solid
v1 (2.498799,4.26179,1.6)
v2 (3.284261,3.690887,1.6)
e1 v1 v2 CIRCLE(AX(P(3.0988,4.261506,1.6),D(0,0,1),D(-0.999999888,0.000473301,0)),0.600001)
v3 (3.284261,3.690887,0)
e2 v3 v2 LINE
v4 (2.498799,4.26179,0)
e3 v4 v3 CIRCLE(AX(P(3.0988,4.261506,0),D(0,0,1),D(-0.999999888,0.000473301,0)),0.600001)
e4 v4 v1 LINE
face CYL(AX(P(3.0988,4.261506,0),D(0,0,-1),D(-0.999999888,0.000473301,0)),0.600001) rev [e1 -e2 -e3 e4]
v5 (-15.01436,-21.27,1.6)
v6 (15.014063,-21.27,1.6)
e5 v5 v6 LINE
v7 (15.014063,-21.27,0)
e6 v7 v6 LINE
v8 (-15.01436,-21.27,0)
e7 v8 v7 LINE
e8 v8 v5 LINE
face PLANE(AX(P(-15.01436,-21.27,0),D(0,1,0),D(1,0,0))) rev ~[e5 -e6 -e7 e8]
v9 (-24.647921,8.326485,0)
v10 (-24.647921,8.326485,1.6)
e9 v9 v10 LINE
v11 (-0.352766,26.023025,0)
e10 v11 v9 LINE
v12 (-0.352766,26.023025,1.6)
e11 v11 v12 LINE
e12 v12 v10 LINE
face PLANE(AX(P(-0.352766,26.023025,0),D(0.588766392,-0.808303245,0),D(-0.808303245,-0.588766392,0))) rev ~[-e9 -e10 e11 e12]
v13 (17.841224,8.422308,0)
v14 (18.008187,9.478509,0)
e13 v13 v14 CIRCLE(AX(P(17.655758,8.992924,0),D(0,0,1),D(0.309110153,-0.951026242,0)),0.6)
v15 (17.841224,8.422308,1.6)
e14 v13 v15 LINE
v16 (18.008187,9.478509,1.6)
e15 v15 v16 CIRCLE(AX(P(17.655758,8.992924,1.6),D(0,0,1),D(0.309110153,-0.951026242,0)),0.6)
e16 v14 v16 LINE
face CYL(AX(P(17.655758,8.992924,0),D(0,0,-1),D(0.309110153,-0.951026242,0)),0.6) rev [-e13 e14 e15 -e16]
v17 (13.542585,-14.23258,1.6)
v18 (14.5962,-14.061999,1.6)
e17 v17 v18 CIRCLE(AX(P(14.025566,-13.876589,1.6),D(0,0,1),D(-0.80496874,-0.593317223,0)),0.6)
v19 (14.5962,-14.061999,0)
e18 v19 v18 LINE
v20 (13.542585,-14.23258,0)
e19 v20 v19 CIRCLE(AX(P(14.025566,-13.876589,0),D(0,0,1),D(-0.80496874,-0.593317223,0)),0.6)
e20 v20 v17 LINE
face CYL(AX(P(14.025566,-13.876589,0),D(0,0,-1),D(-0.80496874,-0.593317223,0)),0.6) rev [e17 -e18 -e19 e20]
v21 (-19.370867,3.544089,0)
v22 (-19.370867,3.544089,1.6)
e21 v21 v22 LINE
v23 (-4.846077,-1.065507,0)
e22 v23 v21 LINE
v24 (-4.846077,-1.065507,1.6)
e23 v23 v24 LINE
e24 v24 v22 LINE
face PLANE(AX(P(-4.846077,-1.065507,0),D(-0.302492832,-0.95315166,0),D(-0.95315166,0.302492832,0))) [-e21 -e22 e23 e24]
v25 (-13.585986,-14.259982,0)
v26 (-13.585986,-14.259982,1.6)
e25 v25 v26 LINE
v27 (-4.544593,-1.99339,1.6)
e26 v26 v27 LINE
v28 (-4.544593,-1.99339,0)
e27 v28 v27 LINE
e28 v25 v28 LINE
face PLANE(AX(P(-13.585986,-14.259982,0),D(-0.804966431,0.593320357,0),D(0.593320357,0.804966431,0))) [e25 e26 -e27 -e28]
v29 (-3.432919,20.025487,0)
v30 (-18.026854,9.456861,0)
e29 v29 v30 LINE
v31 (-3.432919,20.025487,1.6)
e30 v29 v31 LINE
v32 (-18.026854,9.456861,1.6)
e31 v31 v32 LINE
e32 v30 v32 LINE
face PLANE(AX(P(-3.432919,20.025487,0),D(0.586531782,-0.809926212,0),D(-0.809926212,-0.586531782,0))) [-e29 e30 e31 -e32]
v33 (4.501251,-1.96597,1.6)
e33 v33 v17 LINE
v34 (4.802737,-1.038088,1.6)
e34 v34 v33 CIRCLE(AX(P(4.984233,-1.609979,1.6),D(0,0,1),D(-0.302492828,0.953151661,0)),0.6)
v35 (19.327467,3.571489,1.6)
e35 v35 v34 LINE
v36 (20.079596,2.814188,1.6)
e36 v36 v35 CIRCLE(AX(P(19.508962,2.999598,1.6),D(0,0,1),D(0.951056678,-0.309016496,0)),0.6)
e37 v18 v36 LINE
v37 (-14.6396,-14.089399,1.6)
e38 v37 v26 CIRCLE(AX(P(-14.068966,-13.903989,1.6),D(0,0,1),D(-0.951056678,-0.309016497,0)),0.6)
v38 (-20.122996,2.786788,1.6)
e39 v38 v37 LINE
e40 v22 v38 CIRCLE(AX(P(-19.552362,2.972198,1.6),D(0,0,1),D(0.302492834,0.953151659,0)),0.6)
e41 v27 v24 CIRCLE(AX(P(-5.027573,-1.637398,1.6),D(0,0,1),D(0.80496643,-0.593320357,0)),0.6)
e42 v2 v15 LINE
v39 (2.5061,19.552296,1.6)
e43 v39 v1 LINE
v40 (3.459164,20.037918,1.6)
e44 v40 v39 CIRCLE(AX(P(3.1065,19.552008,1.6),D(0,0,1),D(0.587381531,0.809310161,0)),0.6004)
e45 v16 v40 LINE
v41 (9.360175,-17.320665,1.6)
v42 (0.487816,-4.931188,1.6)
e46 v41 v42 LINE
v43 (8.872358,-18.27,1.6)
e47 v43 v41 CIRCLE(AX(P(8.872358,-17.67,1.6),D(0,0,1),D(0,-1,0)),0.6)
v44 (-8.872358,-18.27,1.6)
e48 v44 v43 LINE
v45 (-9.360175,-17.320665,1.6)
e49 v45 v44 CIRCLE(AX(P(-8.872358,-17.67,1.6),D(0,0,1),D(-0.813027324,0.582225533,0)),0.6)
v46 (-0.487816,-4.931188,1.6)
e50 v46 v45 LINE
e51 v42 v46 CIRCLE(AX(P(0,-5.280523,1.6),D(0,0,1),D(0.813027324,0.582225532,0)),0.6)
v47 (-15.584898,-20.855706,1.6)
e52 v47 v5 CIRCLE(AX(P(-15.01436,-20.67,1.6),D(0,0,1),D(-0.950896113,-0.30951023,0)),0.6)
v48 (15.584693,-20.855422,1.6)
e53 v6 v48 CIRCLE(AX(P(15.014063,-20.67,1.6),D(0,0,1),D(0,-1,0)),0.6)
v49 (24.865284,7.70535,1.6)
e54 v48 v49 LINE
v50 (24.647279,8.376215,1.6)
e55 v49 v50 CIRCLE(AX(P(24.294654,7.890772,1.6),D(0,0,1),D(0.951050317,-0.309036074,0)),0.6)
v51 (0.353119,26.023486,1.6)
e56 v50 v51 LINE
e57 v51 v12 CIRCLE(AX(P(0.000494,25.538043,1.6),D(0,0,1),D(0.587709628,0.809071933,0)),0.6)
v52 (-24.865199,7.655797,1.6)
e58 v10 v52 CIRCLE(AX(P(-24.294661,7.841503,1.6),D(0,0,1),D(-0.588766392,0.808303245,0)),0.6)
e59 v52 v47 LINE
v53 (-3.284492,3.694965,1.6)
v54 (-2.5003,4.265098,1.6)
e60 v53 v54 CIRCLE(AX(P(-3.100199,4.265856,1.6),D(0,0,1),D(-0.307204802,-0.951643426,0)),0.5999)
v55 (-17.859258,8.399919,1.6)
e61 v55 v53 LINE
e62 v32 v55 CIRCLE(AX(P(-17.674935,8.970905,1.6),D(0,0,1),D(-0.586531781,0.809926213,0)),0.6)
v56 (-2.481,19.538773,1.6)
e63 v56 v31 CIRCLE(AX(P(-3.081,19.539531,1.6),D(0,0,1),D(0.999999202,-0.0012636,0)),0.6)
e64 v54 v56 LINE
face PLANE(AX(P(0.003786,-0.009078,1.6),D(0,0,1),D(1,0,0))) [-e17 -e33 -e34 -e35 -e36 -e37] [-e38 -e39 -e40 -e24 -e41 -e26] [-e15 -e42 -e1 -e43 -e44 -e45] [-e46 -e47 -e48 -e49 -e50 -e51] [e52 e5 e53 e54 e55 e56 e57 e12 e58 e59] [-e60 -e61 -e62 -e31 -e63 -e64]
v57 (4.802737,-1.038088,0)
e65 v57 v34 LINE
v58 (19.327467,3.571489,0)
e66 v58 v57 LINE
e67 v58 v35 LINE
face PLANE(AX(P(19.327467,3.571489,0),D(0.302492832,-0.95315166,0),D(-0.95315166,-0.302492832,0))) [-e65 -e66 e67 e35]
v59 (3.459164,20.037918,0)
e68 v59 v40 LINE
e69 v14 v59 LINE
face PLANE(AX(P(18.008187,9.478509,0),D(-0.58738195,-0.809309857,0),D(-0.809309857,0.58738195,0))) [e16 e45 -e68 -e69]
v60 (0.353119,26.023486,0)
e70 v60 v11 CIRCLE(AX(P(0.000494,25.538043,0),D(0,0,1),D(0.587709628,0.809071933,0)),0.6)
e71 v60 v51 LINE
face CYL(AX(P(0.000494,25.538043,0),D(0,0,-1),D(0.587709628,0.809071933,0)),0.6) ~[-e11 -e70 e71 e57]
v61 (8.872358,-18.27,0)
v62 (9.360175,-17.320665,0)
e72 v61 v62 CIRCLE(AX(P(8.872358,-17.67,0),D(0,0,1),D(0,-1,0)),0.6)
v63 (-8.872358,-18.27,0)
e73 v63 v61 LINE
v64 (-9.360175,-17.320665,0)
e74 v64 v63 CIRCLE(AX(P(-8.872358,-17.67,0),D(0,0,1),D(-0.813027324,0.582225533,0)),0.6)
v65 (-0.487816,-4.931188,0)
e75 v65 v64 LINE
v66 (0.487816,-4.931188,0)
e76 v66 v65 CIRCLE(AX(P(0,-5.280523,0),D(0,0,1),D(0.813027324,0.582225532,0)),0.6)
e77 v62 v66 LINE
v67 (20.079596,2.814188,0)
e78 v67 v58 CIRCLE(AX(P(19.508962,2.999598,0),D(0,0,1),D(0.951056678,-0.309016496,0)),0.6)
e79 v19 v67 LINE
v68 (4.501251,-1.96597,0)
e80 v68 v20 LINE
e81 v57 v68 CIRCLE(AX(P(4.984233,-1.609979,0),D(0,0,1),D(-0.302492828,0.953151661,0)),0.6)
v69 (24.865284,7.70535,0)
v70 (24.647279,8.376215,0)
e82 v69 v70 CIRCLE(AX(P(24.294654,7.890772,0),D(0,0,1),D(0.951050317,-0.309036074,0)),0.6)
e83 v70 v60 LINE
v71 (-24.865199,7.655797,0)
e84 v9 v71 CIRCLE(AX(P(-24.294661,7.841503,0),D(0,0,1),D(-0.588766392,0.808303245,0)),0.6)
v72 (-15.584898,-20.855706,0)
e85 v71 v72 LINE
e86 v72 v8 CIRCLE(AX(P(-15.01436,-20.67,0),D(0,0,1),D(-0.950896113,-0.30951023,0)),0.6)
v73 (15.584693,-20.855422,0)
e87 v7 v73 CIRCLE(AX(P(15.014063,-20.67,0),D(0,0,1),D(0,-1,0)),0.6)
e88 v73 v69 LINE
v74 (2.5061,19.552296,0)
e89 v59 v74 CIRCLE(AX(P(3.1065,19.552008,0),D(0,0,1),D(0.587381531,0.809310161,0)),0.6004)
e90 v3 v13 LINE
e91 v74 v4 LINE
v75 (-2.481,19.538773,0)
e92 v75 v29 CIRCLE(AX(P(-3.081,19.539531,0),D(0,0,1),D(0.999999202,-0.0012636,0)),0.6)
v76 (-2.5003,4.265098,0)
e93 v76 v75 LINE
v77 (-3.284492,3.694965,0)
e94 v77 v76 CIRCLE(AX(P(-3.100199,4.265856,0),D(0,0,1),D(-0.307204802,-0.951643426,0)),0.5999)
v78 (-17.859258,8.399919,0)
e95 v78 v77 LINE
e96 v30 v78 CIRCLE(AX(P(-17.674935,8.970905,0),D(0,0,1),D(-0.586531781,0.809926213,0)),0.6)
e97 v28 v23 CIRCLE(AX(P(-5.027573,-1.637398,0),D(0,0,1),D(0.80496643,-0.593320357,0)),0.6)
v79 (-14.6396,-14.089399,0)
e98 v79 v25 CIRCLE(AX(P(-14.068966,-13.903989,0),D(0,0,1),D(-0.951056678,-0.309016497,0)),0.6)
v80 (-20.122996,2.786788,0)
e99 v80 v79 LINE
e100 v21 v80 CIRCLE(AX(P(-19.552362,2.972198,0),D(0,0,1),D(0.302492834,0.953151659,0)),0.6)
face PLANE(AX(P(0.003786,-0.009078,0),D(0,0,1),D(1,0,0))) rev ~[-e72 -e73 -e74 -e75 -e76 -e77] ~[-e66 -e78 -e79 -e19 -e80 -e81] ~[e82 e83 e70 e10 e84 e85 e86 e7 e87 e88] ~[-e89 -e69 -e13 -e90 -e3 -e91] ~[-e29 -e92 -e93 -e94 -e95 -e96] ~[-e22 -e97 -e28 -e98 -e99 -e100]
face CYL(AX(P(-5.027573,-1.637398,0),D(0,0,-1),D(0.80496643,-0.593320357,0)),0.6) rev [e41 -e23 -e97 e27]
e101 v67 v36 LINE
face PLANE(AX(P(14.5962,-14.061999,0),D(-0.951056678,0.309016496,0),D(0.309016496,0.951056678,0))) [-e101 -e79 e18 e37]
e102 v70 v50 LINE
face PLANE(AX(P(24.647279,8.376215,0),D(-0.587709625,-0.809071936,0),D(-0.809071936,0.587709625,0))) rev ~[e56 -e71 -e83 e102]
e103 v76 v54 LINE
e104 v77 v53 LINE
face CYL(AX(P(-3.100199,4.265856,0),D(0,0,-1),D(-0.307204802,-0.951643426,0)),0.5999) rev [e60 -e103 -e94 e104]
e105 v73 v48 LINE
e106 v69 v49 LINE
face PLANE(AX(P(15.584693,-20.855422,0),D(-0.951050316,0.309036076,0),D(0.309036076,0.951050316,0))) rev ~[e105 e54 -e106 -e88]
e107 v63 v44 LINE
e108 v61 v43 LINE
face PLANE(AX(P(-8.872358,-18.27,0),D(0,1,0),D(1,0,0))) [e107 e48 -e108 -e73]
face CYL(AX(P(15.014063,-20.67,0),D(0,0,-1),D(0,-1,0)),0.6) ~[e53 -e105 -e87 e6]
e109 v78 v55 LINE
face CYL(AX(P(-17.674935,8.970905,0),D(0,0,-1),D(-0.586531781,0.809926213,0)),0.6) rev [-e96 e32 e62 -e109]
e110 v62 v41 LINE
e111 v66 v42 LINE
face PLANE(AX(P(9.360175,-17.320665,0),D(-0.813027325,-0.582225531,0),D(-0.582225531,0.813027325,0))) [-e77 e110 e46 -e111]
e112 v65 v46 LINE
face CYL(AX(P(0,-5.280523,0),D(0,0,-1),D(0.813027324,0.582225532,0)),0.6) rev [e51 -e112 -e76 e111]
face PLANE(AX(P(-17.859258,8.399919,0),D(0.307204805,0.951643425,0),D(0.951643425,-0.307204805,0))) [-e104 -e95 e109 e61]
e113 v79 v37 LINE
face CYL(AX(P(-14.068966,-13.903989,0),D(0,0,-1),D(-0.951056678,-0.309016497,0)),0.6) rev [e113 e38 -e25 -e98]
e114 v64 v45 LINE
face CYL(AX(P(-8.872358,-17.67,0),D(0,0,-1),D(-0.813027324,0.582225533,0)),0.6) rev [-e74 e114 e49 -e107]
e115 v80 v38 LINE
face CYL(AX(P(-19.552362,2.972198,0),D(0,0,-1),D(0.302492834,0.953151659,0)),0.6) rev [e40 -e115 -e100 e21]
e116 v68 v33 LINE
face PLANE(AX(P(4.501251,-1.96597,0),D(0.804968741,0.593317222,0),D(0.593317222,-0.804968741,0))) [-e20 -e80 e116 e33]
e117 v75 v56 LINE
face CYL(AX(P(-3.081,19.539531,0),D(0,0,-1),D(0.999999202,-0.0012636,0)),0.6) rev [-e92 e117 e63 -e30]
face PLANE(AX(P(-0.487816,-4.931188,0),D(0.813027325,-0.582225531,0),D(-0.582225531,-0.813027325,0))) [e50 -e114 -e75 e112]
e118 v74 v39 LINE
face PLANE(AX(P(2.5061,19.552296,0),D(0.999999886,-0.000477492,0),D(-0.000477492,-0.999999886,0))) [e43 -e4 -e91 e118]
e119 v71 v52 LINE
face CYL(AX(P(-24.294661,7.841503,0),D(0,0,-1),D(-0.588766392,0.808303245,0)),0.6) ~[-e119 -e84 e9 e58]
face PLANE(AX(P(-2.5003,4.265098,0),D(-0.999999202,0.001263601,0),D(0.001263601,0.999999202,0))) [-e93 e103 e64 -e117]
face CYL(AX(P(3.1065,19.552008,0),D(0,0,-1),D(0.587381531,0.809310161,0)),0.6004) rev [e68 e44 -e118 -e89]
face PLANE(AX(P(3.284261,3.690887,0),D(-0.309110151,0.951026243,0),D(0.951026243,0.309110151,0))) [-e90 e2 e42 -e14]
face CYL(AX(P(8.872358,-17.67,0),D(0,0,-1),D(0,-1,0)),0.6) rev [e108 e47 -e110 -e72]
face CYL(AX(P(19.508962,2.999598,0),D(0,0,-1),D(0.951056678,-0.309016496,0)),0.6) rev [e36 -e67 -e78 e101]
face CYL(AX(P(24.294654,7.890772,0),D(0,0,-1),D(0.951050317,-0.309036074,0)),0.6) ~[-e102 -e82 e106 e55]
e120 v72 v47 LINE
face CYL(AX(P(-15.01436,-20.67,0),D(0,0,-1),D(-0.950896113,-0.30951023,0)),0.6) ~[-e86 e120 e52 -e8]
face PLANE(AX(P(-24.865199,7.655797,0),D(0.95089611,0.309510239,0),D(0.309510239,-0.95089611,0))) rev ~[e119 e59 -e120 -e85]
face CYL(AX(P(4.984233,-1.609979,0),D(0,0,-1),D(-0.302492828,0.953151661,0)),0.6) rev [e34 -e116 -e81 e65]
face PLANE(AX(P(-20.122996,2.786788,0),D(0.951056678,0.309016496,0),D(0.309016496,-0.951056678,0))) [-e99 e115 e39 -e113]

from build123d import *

# Parameters (mm, degrees)
PCB_THICKNESS_DEPTH = 1.6


with BuildPart() as part:
    # Model → PCB Thickness (new body)
    with BuildSketch(Plane.XY):
        with BuildLine():
            ThreePointArc((-24.647921054, 8.326484664), (-24.865455476, 8.026418687), (-24.865198885, 7.655796575))
            Line((-24.865198885, 7.655796575), (-15.584897999, -20.855706146))
            ThreePointArc((-15.584897999, -20.855706146), (-15.366905589, -21.155501643), (-15.014360333, -21.27))
            Line((-15.014360333, -21.27), (15.014062777, -21.27))
            ThreePointArc((15.014062777, -21.27), (15.366729058, -21.155413735), (15.584692966, -20.855421647))
            Line((15.584692966, -20.855421647), (24.865283806, 7.705350163))
            ThreePointArc((24.865283806, 7.705350163), (24.86528072, 8.07620295), (24.647279393, 8.376214969))
            Line((24.647279393, 8.376214969), (0.353119455, 26.023485868))
            ThreePointArc((0.353119455, 26.023485868), (0.00010165, 26.138042579), (-0.352766154, 26.023024653))
            Line((-0.352766154, 26.023024653), (-24.647921054, 8.326484664))
        make_face()
        with BuildLine():
            ThreePointArc((-20.122996261, 2.786788494), (-19.978077319, 3.395006483), (-19.370866555, 3.544089386))
            Line((-19.370866555, 3.544089386), (-4.846077132, -1.065507257))
            ThreePointArc((-4.846077132, -1.065507257), (-4.456938312, -1.451989932), (-4.544592973, -1.993390467))
            Line((-4.544592973, -1.993390467), (-13.585986389, -14.259981534))
            ThreePointArc((-13.585986389, -14.259981534), (-14.164858865, -14.496276924), (-14.639600254, -14.089399218))
            Line((-14.639600254, -14.089399218), (-20.122996261, 2.786788494))
        make_face(mode=Mode.SUBTRACT)
        with BuildLine():
            ThreePointArc((-8.872358317, -18.27), (-9.406025436, -17.9442251), (-9.36017471, -17.320664685))
            Line((-9.36017471, -17.320664685), (-0.487816395, -4.931187808))
            ThreePointArc((-0.487816395, -4.931187808), (0, -4.680523127), (0.487816395, -4.931187808))
            Line((0.487816395, -4.931187808), (9.36017471, -17.320664685))
            ThreePointArc((9.36017471, -17.320664685), (9.406025435, -17.944225099), (8.872358317, -18.27))
            Line((8.872358317, -18.27), (-8.872358317, -18.27))
        make_face(mode=Mode.SUBTRACT)
        with BuildLine():
            ThreePointArc((14.596200254, -14.061999218), (14.121457712, -14.46887711), (13.542585003, -14.232579653))
            Line((13.542585003, -14.232579653), (4.50125132, -1.965969627))
            ThreePointArc((4.50125132, -1.965969627), (4.413598402, -1.424569864), (4.80273686, -1.038088302))
            Line((4.80273686, -1.038088302), (19.327466555, 3.571489386))
            ThreePointArc((19.327466555, 3.571489386), (19.934677319, 3.422406484), (20.079596261, 2.814188494))
            Line((20.079596261, 2.814188494), (14.596200254, -14.061999218))
        make_face(mode=Mode.SUBTRACT)
        with BuildLine():
            ThreePointArc((-3.432918624, 20.025486513), (-2.807853844, 20.073751171), (-2.481000035, 19.538772626))
            Line((-2.481000035, 19.538772626), (-2.500299876, 4.265097836))
            ThreePointArc((-2.500299876, 4.265097836), (-2.74743143, 3.780639668), (-3.284491549, 3.69496499))
            Line((-3.284491549, 3.69496499), (-17.859258249, 8.399918804))
            ThreePointArc((-17.859258249, 8.399918804), (-18.267531635, 8.876938588), (-18.026854434, 9.45686058))
            Line((-18.026854434, 9.45686058), (-3.432918624, 20.025486513))
        make_face(mode=Mode.SUBTRACT)
        with BuildLine():
            ThreePointArc((18.008187001, 9.478509434), (18.248398797, 8.899239554), (17.841223922, 8.422307775))
            Line((17.841223922, 8.422307775), (3.284260895, 3.69088729))
            ThreePointArc((3.284260895, 3.69088729), (2.746034776, 3.776162456), (2.498798945, 4.261789527))
            Line((2.498798945, 4.261789527), (2.506100046, 19.552295755))
            ThreePointArc((2.506100046, 19.552295755), (2.83391858, 20.086965957), (3.459163763, 20.037918253))
            Line((3.459163763, 20.037918253), (18.008187001, 9.478509434))
        make_face(mode=Mode.SUBTRACT)
    extrude(amount=PCB_THICKNESS_DEPTH)


solid = part.part
